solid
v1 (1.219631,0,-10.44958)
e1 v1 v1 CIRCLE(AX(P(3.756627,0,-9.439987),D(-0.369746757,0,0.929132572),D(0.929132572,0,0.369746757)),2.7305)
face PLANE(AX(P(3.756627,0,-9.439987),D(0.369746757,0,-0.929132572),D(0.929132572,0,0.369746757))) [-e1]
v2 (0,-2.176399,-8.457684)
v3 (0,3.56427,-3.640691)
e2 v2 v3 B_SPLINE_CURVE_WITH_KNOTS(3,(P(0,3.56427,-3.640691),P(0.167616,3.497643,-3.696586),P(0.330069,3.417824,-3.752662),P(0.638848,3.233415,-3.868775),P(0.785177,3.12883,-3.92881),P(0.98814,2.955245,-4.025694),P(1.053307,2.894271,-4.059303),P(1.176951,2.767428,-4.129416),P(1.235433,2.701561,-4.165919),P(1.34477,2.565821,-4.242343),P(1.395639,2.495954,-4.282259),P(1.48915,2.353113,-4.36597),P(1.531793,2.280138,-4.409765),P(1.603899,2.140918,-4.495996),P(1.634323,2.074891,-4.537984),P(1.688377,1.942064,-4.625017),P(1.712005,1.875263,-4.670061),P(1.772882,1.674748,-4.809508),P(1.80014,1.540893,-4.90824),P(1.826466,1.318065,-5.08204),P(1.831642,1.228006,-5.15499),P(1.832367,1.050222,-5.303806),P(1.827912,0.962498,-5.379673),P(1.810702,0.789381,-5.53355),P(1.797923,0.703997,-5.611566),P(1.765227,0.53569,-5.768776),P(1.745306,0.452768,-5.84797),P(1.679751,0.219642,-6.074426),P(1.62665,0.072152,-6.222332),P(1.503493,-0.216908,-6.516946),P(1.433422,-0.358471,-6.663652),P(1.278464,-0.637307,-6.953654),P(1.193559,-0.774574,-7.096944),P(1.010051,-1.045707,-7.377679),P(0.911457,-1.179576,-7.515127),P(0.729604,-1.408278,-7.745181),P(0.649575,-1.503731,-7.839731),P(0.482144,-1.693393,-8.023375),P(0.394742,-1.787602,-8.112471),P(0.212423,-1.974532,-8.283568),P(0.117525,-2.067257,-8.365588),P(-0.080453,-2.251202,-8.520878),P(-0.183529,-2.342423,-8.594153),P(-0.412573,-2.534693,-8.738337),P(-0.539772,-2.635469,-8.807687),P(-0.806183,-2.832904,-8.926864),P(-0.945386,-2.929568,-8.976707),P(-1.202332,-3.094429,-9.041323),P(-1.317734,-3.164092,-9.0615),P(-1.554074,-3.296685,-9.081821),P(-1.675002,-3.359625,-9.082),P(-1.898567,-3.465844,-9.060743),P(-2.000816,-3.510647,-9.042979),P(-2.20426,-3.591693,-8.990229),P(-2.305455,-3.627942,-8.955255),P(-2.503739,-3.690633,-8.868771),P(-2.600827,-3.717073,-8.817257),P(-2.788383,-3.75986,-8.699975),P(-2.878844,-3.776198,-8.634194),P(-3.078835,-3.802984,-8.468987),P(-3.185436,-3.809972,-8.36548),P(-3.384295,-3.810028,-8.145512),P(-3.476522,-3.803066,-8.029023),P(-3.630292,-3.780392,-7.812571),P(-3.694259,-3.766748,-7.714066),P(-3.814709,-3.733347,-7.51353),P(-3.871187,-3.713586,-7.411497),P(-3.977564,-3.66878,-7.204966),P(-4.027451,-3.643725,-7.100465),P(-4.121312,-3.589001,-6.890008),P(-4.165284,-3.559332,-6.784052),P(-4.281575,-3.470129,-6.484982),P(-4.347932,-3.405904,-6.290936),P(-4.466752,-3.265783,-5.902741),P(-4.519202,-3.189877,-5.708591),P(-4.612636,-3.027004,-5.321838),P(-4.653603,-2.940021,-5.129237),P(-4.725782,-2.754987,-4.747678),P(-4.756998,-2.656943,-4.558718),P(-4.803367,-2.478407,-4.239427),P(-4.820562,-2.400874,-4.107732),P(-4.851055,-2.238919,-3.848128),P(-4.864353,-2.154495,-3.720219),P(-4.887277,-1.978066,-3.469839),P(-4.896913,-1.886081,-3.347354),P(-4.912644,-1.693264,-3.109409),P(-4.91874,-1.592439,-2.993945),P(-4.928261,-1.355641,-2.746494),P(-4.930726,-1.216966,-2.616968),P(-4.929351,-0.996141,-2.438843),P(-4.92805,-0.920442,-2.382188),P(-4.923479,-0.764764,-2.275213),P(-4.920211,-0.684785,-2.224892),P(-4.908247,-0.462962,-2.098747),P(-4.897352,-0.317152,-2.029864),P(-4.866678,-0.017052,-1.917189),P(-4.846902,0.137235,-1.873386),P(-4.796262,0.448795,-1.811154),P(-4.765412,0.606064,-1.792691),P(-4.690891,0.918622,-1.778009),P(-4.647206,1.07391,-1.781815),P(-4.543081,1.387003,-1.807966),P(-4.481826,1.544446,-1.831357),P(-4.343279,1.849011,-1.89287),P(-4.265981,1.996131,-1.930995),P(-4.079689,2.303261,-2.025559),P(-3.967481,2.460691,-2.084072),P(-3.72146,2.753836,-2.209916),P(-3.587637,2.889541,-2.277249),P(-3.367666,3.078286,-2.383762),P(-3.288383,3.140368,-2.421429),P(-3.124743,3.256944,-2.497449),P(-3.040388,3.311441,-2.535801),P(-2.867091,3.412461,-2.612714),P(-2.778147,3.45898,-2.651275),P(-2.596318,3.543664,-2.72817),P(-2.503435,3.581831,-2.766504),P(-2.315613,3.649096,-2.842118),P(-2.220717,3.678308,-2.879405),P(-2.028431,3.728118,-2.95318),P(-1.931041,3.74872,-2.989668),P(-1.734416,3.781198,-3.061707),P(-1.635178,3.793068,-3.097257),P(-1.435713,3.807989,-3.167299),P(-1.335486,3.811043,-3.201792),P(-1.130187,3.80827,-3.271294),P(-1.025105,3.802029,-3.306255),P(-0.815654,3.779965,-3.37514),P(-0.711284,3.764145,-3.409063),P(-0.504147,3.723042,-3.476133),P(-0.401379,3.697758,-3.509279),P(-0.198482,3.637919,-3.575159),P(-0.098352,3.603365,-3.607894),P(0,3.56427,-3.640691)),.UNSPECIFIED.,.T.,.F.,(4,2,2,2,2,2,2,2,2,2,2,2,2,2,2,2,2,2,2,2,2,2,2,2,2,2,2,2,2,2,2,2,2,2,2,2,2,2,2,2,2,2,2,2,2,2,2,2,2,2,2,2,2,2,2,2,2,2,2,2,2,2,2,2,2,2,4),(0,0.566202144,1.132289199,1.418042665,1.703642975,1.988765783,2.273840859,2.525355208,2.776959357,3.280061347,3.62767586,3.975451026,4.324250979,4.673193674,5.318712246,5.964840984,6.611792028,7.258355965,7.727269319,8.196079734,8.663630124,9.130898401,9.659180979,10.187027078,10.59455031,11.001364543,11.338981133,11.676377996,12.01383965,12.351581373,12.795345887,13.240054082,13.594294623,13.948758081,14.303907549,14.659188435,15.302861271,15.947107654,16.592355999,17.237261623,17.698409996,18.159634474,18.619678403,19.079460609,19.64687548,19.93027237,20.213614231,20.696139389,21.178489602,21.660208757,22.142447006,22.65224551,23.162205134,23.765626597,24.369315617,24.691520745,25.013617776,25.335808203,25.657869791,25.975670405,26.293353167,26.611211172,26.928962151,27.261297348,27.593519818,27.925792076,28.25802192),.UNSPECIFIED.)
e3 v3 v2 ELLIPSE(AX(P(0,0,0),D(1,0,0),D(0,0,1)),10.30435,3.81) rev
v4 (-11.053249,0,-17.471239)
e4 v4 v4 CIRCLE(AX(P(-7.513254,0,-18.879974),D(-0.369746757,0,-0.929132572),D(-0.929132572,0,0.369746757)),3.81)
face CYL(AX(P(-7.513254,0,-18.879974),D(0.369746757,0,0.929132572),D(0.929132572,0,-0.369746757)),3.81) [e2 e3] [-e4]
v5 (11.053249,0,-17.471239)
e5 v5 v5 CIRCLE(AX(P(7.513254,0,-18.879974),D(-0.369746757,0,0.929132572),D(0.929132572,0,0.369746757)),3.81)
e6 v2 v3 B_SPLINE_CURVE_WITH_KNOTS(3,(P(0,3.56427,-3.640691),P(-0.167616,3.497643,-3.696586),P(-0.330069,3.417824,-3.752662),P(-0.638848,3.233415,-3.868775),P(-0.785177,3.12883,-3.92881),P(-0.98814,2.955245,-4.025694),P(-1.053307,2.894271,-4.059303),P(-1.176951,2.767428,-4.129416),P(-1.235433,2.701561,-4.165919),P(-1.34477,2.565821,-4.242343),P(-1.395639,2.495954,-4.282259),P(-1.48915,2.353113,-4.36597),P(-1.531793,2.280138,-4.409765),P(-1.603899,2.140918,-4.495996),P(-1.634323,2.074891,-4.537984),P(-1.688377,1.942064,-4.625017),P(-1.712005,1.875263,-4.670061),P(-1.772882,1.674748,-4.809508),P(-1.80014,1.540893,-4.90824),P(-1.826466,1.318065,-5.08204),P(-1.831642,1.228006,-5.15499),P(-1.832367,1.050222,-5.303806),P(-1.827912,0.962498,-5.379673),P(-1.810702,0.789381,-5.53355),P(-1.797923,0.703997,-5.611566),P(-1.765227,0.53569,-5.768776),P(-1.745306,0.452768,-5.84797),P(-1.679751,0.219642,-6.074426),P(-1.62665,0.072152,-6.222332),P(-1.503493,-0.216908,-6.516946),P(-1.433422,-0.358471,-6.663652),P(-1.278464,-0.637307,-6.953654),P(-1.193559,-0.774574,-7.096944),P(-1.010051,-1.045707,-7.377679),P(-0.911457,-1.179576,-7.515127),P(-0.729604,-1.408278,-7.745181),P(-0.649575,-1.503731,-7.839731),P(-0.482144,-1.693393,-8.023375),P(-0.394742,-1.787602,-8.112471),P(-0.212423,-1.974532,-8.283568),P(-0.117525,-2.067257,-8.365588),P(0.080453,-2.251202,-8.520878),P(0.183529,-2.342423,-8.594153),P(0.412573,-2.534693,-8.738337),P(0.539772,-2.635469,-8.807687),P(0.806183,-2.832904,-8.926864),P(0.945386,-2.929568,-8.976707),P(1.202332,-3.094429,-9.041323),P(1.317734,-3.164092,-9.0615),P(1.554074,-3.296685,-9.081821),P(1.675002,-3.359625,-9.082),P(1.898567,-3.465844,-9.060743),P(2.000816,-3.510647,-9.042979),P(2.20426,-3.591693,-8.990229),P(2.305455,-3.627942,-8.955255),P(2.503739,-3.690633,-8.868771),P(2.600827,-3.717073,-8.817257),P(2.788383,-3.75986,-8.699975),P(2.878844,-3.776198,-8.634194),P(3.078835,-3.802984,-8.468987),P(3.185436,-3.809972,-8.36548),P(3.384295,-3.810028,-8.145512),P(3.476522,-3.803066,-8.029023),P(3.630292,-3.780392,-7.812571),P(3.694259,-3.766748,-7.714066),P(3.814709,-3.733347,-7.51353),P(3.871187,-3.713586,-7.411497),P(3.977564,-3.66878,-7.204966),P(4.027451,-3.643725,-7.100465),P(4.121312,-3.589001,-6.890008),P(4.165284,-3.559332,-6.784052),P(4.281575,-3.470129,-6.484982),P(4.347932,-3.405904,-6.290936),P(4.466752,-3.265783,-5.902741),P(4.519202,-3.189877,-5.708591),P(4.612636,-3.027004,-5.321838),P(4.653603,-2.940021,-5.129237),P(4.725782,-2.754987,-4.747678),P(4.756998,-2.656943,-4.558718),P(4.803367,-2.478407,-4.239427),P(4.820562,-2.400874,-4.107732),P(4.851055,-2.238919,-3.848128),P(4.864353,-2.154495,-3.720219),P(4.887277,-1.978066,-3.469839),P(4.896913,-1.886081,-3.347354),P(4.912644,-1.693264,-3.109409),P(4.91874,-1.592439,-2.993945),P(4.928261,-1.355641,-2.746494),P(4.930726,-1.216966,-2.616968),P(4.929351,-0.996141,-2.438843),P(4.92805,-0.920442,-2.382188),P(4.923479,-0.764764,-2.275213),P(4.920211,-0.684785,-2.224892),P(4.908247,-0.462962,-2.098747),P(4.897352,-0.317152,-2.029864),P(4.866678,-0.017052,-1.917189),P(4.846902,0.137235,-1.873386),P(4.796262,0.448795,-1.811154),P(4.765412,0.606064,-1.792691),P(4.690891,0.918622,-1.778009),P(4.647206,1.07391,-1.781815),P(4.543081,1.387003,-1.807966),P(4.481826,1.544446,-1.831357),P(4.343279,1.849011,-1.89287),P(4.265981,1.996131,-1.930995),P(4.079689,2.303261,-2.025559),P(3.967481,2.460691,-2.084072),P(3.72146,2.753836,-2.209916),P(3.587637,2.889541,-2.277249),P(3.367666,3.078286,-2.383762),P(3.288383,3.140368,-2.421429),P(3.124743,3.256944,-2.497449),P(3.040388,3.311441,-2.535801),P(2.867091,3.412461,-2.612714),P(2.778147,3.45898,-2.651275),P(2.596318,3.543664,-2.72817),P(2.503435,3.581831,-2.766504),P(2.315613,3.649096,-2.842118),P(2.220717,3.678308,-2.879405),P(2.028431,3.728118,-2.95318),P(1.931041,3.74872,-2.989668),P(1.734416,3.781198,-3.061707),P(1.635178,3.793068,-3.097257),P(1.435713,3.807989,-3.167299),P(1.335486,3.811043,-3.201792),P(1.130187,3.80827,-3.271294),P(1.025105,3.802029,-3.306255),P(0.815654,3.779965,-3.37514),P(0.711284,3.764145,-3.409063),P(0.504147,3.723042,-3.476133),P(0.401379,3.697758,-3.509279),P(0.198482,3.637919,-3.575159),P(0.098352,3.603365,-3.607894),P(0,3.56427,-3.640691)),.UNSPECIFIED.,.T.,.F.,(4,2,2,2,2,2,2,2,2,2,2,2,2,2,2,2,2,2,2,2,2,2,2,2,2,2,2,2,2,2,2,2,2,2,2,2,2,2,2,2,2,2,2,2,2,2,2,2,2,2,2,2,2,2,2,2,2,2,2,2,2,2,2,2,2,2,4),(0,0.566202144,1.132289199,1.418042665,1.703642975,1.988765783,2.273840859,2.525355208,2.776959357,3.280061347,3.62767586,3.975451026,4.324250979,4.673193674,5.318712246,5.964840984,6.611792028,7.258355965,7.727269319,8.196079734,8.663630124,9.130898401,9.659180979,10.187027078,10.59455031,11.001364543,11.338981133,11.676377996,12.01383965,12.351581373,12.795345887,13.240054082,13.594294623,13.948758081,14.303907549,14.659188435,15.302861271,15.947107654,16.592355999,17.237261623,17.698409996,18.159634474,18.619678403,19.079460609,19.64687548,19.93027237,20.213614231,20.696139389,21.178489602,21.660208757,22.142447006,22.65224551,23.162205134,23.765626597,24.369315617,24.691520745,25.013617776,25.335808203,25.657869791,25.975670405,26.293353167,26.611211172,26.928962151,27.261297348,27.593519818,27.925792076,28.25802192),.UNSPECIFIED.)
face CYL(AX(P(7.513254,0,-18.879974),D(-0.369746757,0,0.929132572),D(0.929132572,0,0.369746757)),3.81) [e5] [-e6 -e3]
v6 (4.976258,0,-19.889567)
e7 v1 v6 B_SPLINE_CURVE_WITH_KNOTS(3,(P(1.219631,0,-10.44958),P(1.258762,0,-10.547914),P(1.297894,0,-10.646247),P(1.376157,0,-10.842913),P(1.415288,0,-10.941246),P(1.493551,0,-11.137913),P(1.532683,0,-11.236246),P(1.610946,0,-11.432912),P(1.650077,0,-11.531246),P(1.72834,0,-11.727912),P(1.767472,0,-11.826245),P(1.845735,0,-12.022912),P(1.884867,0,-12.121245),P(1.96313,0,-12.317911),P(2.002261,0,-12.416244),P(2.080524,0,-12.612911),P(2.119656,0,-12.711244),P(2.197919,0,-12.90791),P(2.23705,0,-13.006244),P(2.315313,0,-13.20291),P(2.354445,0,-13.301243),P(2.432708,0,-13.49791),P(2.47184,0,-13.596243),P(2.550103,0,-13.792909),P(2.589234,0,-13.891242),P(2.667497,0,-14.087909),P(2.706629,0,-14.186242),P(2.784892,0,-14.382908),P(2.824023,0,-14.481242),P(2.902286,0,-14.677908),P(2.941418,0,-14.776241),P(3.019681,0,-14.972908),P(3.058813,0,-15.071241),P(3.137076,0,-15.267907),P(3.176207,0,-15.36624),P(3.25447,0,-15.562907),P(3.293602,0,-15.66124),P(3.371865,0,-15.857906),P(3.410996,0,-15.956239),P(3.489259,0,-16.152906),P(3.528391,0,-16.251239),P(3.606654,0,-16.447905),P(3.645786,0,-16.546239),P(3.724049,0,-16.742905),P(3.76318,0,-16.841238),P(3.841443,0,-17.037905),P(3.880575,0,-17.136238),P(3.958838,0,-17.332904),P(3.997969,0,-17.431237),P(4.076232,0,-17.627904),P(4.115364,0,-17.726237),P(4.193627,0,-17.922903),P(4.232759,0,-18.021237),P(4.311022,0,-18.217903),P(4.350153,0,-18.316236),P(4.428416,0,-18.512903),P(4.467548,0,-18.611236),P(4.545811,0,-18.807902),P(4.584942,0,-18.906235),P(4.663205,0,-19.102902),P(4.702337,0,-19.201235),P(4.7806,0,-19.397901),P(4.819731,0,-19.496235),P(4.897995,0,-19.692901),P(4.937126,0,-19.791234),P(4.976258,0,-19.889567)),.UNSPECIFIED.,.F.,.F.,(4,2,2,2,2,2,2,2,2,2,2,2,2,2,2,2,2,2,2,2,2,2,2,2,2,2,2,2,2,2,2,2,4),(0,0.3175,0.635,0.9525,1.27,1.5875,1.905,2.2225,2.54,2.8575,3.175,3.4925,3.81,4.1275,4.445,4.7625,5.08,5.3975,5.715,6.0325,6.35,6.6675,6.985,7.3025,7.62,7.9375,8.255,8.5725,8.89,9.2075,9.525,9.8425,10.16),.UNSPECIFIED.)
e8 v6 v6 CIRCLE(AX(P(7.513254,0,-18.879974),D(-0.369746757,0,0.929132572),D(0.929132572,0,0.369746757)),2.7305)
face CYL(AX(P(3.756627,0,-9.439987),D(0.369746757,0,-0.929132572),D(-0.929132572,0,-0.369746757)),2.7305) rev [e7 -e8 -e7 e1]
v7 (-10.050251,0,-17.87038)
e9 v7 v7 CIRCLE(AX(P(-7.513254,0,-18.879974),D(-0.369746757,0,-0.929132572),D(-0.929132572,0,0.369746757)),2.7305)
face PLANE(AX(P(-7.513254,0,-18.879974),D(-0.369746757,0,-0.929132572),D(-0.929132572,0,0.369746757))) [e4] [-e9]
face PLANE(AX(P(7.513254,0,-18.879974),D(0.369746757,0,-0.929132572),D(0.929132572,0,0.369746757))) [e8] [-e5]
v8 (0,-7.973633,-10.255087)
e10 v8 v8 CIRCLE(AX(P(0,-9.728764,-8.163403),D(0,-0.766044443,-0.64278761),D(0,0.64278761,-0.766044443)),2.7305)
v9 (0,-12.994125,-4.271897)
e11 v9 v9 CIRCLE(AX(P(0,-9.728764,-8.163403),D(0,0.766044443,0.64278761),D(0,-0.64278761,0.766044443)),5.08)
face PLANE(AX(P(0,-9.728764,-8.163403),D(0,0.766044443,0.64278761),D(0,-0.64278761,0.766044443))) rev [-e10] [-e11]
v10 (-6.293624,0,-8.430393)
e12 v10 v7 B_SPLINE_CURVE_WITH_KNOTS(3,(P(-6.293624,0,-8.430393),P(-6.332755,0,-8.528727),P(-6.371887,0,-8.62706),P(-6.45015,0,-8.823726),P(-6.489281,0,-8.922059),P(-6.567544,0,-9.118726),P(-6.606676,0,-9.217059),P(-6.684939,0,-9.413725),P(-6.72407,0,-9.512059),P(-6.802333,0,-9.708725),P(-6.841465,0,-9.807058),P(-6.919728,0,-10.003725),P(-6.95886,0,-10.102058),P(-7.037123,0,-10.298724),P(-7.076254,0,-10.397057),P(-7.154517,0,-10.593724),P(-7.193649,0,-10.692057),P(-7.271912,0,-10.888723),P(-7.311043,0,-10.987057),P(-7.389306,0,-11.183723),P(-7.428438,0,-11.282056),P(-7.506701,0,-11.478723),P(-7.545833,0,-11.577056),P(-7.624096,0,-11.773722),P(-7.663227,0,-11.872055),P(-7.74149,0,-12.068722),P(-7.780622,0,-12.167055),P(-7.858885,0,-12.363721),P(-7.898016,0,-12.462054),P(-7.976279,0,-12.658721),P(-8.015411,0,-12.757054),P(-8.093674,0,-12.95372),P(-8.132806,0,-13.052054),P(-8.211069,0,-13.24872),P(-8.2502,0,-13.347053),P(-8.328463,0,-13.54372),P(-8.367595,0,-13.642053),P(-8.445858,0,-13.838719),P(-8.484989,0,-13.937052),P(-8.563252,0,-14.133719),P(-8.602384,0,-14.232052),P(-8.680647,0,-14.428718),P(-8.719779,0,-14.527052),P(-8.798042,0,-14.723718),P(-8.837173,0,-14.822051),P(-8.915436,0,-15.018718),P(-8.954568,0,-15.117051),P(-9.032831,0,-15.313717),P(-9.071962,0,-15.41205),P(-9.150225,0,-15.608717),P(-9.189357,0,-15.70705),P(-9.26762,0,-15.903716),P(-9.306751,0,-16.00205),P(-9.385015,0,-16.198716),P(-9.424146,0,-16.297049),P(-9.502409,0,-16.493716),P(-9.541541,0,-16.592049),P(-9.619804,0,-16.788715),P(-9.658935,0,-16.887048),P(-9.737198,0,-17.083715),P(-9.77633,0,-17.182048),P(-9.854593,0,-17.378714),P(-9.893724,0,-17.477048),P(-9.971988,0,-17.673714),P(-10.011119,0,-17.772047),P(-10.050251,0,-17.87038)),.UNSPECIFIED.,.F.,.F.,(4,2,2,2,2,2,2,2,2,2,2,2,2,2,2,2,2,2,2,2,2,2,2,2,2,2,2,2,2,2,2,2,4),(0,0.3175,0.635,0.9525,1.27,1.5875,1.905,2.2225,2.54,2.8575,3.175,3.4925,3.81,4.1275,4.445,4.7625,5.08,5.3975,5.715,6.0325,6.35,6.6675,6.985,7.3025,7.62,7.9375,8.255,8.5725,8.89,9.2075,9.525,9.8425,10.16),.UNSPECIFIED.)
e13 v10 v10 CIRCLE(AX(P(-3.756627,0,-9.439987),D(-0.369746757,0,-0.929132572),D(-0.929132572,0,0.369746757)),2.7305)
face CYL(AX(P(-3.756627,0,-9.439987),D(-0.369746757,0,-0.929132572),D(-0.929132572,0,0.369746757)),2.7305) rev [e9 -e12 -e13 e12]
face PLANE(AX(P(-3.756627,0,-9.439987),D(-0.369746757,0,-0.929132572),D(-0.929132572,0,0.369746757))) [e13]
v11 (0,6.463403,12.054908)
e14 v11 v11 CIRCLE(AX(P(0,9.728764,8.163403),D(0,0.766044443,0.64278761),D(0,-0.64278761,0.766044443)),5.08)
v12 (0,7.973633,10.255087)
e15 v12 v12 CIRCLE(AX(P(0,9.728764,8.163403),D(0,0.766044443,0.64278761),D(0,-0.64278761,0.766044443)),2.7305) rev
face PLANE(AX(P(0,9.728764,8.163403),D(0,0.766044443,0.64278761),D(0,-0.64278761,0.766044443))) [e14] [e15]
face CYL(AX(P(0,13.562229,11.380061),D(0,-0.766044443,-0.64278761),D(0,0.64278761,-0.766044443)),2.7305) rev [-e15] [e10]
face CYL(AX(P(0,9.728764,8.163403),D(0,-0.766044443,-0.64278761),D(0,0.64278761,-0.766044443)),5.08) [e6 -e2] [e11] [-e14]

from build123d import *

# Parameters (mm, degrees)
SKETCH1_R           = 5.08
BOSS_EXTRUDE1_DEPTH = 12.7
SKETCH5_R           = 3.81
BOSS_EXTRUDE2_DEPTH = 20.32
SKETCH6_R           = 2.7305
CUT_EXTRUDE1_DEPTH  = 10.16
CUT_EXTRUDE2_REACH  = 34.362
SKETCH7_R           = 2.7305


with BuildPart() as part:
    # Sketch1 → Boss-Extrude1 (new, symmetric)
    with BuildSketch(Plane(origin=(0, 0, 0), x_dir=(1, 0, 0), z_dir=(0, 0.7660444431189771, 0.6427876096865406))):
        Circle(SKETCH1_R)
    extrude(amount=BOSS_EXTRUDE1_DEPTH, both=True)

    # Sketch5 → Boss-Extrude2 (add)
    with BuildSketch(Plane(origin=(0, 0, 0), x_dir=(0, -1, 0), z_dir=(-0.36974675727382683, 0, -0.9291325715340572))):
        Circle(SKETCH5_R)
    boss_extrude2 = extrude(amount=BOSS_EXTRUDE2_DEPTH)

    # Sketch6 → Cut-Extrude1 (cut)
    with BuildSketch(Plane(origin=(-7.513254108, 0, -18.879973854), x_dir=(-0.9291325715340572, 0, 0.36974675727382694), z_dir=(-0.3697467572738269, 0, -0.929132571534057))):
        Circle(SKETCH6_R)
    cut_extrude1 = extrude(amount=-CUT_EXTRUDE1_DEPTH, mode=Mode.SUBTRACT)

    # Mirror1: Boss-Extrude2, Cut-Extrude1 across plane
    add(boss_extrude2.mirror(Plane(origin=(0, 0, 0), x_dir=(0, 0, 1), z_dir=(1, 0, 0))))
    add(cut_extrude1.mirror(Plane(origin=(0, 0, 0), x_dir=(0, 0, 1), z_dir=(1, 0, 0))), mode=Mode.SUBTRACT)

    # Sketch7 → Cut-Extrude2 (cut, up to next)
    with BuildSketch(Plane(origin=(0, -9.728764428, -8.163402643), x_dir=(1, 0, 0), z_dir=(0, -0.7660444431189772, -0.6427876096865405)), mode=Mode.PRIVATE) as cut_extrude2_sk1:
        Circle(SKETCH7_R)
    cut_extrude2_tool1 = extrude(cut_extrude2_sk1.sketch, amount=-CUT_EXTRUDE2_REACH, mode=Mode.PRIVATE) & part.part
    add(cut_extrude2_tool1.solids().sort_by_distance((0, -9.728764, -8.163403))[0], mode=Mode.SUBTRACT)


solid = part.part
